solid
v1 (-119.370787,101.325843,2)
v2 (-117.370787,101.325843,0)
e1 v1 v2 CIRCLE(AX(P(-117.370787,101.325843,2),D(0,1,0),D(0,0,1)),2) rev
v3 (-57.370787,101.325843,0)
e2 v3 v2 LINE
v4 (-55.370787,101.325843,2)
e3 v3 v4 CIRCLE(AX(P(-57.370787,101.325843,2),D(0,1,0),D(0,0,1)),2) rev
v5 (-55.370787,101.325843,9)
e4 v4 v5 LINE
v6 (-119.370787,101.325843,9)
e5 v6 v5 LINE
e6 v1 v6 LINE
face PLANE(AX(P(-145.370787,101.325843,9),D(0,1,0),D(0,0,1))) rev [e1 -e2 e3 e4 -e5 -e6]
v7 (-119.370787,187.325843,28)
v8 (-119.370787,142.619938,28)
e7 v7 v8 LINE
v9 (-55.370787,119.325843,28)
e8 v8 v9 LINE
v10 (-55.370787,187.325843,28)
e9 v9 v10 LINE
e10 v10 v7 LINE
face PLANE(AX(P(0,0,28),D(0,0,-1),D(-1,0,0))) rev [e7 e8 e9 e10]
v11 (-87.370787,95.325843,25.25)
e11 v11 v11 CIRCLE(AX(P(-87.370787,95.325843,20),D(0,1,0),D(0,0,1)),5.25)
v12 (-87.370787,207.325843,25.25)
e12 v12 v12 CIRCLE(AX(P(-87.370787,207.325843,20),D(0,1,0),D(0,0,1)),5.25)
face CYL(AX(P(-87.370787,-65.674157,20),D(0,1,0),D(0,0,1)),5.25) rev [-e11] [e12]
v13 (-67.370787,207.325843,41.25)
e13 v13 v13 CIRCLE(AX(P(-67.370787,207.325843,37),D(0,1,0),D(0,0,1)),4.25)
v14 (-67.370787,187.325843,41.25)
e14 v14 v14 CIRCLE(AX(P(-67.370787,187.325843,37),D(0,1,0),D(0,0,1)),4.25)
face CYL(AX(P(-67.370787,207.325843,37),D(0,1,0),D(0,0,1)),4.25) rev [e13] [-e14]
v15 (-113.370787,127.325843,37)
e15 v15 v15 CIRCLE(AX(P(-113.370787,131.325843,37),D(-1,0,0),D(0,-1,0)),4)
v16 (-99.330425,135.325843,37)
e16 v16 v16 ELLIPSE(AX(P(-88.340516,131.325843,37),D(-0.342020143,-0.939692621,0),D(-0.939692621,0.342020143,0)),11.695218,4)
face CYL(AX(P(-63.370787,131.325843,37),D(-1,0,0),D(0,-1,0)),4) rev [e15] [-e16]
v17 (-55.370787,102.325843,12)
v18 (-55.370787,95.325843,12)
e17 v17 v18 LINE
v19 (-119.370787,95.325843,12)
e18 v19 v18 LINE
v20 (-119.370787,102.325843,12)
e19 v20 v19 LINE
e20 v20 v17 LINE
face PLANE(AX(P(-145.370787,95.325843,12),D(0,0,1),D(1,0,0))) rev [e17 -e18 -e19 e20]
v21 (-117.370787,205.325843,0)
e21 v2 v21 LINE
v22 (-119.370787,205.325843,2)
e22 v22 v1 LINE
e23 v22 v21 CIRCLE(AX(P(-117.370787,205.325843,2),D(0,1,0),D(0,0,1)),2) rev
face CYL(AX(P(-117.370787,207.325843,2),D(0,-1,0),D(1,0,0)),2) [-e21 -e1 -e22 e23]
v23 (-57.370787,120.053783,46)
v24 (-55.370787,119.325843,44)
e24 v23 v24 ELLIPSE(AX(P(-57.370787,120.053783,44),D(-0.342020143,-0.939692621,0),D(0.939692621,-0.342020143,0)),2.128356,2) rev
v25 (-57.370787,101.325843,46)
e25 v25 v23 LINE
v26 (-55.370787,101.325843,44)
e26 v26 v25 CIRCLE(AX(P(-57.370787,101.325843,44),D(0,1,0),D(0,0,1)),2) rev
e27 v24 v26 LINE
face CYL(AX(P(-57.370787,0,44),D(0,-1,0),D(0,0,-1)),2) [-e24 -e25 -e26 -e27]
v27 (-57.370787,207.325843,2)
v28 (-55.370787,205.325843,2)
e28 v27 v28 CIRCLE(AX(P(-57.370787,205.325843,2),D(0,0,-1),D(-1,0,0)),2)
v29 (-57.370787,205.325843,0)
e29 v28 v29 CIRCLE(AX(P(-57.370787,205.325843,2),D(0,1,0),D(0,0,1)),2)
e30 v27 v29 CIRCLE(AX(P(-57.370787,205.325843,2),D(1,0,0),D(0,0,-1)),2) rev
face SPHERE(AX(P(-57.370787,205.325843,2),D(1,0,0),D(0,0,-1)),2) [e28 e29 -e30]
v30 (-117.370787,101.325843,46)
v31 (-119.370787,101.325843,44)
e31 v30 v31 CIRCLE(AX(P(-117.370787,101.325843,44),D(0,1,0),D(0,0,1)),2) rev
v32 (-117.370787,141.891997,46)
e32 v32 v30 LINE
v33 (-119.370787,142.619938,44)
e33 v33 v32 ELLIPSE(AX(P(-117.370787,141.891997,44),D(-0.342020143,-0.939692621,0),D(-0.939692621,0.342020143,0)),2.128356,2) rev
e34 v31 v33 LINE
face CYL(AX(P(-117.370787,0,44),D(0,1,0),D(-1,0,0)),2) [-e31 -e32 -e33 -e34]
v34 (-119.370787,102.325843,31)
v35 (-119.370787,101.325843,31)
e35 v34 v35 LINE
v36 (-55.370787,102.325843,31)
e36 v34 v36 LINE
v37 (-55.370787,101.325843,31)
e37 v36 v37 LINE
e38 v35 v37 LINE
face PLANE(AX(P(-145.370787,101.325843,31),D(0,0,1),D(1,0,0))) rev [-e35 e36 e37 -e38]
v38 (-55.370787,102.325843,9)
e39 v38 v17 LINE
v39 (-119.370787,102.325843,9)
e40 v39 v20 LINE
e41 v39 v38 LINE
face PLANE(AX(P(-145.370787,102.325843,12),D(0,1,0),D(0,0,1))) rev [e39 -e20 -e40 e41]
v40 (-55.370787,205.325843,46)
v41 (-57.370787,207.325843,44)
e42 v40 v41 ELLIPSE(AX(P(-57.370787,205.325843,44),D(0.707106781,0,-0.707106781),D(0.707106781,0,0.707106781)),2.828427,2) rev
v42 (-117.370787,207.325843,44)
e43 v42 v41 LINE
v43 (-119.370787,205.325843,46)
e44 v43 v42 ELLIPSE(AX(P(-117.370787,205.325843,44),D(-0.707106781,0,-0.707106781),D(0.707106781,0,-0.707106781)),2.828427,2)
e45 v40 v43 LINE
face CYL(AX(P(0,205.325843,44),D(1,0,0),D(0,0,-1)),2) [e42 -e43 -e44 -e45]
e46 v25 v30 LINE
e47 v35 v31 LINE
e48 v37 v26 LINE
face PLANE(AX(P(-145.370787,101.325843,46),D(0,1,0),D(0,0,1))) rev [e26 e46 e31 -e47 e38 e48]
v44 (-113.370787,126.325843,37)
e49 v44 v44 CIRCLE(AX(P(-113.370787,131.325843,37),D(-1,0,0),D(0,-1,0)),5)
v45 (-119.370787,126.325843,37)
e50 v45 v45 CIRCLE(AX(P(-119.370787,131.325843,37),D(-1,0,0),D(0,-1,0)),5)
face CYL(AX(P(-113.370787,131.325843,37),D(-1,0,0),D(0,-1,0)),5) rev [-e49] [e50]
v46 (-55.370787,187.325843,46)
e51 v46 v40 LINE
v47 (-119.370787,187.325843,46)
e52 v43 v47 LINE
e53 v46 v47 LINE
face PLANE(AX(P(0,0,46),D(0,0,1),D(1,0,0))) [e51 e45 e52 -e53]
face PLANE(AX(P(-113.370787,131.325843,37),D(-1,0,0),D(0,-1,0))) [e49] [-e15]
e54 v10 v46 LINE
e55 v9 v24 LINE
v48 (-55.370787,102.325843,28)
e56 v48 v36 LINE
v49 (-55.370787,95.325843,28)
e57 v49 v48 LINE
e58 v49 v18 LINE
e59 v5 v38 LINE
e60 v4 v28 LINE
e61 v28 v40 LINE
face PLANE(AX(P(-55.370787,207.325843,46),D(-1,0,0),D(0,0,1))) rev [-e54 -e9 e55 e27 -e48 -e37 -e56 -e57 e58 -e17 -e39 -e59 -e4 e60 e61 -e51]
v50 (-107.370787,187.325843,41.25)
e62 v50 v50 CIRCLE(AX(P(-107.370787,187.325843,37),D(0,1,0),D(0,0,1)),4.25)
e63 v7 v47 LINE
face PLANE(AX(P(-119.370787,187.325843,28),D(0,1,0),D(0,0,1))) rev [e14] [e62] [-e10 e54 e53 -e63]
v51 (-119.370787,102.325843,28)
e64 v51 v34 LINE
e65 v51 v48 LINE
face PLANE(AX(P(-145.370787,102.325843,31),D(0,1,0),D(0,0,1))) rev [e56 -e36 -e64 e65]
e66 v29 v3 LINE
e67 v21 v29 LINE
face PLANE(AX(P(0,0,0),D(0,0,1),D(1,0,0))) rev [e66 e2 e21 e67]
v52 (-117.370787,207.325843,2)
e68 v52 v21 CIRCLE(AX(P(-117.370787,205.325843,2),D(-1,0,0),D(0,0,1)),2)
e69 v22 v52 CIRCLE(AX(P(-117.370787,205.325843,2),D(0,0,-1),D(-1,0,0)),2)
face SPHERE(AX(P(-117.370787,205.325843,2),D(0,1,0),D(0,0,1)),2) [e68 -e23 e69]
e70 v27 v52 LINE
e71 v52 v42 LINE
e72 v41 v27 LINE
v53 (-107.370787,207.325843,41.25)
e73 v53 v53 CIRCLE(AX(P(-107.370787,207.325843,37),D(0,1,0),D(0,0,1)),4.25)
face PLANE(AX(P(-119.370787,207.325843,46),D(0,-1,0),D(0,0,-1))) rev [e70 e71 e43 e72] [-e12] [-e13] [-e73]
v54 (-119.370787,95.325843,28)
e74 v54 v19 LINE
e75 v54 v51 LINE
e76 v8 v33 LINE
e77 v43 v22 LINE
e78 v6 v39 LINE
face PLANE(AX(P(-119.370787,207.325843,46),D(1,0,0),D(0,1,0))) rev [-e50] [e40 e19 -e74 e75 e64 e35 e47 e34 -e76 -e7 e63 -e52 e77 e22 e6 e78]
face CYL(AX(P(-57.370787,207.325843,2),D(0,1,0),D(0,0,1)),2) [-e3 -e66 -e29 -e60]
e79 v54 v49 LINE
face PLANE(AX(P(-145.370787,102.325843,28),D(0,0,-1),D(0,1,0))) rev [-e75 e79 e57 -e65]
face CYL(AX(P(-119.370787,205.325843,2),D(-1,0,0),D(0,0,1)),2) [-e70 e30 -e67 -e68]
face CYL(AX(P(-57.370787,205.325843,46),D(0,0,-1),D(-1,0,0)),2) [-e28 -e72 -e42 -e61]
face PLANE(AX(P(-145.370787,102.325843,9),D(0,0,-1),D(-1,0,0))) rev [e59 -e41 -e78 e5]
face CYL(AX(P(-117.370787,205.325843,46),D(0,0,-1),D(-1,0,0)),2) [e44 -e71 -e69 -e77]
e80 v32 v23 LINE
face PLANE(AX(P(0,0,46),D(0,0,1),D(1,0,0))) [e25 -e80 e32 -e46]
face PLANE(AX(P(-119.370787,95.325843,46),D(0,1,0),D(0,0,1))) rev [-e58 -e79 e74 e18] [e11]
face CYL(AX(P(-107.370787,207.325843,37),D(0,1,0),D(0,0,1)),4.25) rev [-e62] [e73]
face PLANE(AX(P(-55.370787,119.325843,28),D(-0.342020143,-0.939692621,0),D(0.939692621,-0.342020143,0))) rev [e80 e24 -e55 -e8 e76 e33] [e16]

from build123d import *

# Parameters (mm, degrees)
SKETCH4_W              = 64
SKETCH4_H              = 112
BOSS_EXTRUDE1_DEPTH    = 46
CUT_EXTRUDE1_DEPTH     = 18
CUT_EXTRUDE2_DEPTH     = 90
SKETCH7_R              = 5.25
CUT_EXTRUDE3_DEPTH     = 273
M10_TAPPED_HOLE2_D     = 8.5
M10_TAPPED_HOLE2_DEPTH = 50
M10_TAPPED_HOLE2_TIP   = 2.553657631
SKETCH10_R             = 5
CUT_EXTRUDE4_DEPTH     = 6
SKETCH12_R             = 4
CUT_EXTRUDE5_DEPTH     = 50
FILLET1_R              = 2


with BuildPart() as part:
    # Sketch4 → Boss-Extrude1 (new body)
    with BuildSketch(Plane.XY):
        with Locations((-87.370786517, 151.325842697)):
            Rectangle(SKETCH4_W, SKETCH4_H)
    extrude(amount=BOSS_EXTRUDE1_DEPTH)

    # Sketch5 → Cut-Extrude1 (cut)
    with BuildSketch(Plane.XY.offset(46)):
        Polygon((-119.370786517, 187.325842697), (-55.370786517, 187.325842697), (-55.370786517, 119.325842697), (-119.370786517, 142.61993769), align=None)
    extrude(amount=-CUT_EXTRUDE1_DEPTH, mode=Mode.SUBTRACT)

    # Sketch6 → Cut-Extrude2 (cut)
    with BuildSketch(Plane(origin=(-55.370786517, 0, 0), x_dir=(0, 0, -1), z_dir=(1, 0, 0))):
        Polygon((-46, 101.325842697), (-31, 101.325842697), (-31, 102.325842697), (-28, 102.325842697), (-28, 95.325842697), (-46, 95.325842697), align=None)
        Polygon((-12, 95.325842697), (-12, 101.565088044), (-12, 102.325842697), (-9, 102.325842697), (-9, 101.325842697), (0, 101.325842697), (0, 95.325842697), align=None)
    extrude(amount=-CUT_EXTRUDE2_DEPTH, mode=Mode.SUBTRACT)

    # Sketch7 → Cut-Extrude3 (cut)
    with BuildSketch(Plane(origin=(0, 207.325842697, 0), x_dir=(1, 0, 0), z_dir=(0, 1, 0))):
        with Locations(Location((-87.370786517, -20, 0), (0, 0, 270))):
            Circle(SKETCH7_R)
    extrude(amount=-CUT_EXTRUDE3_DEPTH, mode=Mode.SUBTRACT)

    # M10 Tapped Hole2
    with Locations(Plane(origin=(-107.370786517, 207.325842697, 37), x_dir=(0, 0, 1), z_dir=(0, 1, 0))):
        with Locations((0, 0), (0, 40)):
            Hole(M10_TAPPED_HOLE2_D / 2, depth=M10_TAPPED_HOLE2_DEPTH)
            with Locations((0, 0, -(M10_TAPPED_HOLE2_DEPTH + M10_TAPPED_HOLE2_TIP / 2))):  # 118° drill point
                Cone(0, M10_TAPPED_HOLE2_D / 2, M10_TAPPED_HOLE2_TIP, mode=Mode.SUBTRACT)

    # Sketch10 → Cut-Extrude4 (cut)
    with BuildSketch(Plane.ZY.offset(119.370786517)):
        with Locations(Location((37, 131.325842697, 0), (0, 0, 270))):
            Circle(SKETCH10_R)
    extrude(amount=-CUT_EXTRUDE4_DEPTH, mode=Mode.SUBTRACT)

    # Sketch12 → Cut-Extrude5 (cut)
    with BuildSketch(Plane.ZY.offset(113.370786517)):
        with Locations(Location((37, 131.325842697, 0), (0, 0, 270))):
            Circle(SKETCH12_R)
    extrude(amount=-CUT_EXTRUDE5_DEPTH, mode=Mode.SUBTRACT)

    # Fillet1
    fillet1_edges = [part.edges().sort_by_distance(p)[0] for p in [
        (-55.370786517, 110.325842697, 46),
        (-119.370786517, 121.972890193, 46),
        (-119.370786517, 154.325842697, 0),
        (-87.370786517, 207.325842697, 0),
        (-55.370786517, 154.325842697, 0),
        (-55.370786517, 207.325842697, 23),
        (-87.370786517, 207.325842697, 46),
        (-119.370786517, 207.325842697, 23),
    ]]
    fillet(fillet1_edges, radius=FILLET1_R)


solid = part.part
